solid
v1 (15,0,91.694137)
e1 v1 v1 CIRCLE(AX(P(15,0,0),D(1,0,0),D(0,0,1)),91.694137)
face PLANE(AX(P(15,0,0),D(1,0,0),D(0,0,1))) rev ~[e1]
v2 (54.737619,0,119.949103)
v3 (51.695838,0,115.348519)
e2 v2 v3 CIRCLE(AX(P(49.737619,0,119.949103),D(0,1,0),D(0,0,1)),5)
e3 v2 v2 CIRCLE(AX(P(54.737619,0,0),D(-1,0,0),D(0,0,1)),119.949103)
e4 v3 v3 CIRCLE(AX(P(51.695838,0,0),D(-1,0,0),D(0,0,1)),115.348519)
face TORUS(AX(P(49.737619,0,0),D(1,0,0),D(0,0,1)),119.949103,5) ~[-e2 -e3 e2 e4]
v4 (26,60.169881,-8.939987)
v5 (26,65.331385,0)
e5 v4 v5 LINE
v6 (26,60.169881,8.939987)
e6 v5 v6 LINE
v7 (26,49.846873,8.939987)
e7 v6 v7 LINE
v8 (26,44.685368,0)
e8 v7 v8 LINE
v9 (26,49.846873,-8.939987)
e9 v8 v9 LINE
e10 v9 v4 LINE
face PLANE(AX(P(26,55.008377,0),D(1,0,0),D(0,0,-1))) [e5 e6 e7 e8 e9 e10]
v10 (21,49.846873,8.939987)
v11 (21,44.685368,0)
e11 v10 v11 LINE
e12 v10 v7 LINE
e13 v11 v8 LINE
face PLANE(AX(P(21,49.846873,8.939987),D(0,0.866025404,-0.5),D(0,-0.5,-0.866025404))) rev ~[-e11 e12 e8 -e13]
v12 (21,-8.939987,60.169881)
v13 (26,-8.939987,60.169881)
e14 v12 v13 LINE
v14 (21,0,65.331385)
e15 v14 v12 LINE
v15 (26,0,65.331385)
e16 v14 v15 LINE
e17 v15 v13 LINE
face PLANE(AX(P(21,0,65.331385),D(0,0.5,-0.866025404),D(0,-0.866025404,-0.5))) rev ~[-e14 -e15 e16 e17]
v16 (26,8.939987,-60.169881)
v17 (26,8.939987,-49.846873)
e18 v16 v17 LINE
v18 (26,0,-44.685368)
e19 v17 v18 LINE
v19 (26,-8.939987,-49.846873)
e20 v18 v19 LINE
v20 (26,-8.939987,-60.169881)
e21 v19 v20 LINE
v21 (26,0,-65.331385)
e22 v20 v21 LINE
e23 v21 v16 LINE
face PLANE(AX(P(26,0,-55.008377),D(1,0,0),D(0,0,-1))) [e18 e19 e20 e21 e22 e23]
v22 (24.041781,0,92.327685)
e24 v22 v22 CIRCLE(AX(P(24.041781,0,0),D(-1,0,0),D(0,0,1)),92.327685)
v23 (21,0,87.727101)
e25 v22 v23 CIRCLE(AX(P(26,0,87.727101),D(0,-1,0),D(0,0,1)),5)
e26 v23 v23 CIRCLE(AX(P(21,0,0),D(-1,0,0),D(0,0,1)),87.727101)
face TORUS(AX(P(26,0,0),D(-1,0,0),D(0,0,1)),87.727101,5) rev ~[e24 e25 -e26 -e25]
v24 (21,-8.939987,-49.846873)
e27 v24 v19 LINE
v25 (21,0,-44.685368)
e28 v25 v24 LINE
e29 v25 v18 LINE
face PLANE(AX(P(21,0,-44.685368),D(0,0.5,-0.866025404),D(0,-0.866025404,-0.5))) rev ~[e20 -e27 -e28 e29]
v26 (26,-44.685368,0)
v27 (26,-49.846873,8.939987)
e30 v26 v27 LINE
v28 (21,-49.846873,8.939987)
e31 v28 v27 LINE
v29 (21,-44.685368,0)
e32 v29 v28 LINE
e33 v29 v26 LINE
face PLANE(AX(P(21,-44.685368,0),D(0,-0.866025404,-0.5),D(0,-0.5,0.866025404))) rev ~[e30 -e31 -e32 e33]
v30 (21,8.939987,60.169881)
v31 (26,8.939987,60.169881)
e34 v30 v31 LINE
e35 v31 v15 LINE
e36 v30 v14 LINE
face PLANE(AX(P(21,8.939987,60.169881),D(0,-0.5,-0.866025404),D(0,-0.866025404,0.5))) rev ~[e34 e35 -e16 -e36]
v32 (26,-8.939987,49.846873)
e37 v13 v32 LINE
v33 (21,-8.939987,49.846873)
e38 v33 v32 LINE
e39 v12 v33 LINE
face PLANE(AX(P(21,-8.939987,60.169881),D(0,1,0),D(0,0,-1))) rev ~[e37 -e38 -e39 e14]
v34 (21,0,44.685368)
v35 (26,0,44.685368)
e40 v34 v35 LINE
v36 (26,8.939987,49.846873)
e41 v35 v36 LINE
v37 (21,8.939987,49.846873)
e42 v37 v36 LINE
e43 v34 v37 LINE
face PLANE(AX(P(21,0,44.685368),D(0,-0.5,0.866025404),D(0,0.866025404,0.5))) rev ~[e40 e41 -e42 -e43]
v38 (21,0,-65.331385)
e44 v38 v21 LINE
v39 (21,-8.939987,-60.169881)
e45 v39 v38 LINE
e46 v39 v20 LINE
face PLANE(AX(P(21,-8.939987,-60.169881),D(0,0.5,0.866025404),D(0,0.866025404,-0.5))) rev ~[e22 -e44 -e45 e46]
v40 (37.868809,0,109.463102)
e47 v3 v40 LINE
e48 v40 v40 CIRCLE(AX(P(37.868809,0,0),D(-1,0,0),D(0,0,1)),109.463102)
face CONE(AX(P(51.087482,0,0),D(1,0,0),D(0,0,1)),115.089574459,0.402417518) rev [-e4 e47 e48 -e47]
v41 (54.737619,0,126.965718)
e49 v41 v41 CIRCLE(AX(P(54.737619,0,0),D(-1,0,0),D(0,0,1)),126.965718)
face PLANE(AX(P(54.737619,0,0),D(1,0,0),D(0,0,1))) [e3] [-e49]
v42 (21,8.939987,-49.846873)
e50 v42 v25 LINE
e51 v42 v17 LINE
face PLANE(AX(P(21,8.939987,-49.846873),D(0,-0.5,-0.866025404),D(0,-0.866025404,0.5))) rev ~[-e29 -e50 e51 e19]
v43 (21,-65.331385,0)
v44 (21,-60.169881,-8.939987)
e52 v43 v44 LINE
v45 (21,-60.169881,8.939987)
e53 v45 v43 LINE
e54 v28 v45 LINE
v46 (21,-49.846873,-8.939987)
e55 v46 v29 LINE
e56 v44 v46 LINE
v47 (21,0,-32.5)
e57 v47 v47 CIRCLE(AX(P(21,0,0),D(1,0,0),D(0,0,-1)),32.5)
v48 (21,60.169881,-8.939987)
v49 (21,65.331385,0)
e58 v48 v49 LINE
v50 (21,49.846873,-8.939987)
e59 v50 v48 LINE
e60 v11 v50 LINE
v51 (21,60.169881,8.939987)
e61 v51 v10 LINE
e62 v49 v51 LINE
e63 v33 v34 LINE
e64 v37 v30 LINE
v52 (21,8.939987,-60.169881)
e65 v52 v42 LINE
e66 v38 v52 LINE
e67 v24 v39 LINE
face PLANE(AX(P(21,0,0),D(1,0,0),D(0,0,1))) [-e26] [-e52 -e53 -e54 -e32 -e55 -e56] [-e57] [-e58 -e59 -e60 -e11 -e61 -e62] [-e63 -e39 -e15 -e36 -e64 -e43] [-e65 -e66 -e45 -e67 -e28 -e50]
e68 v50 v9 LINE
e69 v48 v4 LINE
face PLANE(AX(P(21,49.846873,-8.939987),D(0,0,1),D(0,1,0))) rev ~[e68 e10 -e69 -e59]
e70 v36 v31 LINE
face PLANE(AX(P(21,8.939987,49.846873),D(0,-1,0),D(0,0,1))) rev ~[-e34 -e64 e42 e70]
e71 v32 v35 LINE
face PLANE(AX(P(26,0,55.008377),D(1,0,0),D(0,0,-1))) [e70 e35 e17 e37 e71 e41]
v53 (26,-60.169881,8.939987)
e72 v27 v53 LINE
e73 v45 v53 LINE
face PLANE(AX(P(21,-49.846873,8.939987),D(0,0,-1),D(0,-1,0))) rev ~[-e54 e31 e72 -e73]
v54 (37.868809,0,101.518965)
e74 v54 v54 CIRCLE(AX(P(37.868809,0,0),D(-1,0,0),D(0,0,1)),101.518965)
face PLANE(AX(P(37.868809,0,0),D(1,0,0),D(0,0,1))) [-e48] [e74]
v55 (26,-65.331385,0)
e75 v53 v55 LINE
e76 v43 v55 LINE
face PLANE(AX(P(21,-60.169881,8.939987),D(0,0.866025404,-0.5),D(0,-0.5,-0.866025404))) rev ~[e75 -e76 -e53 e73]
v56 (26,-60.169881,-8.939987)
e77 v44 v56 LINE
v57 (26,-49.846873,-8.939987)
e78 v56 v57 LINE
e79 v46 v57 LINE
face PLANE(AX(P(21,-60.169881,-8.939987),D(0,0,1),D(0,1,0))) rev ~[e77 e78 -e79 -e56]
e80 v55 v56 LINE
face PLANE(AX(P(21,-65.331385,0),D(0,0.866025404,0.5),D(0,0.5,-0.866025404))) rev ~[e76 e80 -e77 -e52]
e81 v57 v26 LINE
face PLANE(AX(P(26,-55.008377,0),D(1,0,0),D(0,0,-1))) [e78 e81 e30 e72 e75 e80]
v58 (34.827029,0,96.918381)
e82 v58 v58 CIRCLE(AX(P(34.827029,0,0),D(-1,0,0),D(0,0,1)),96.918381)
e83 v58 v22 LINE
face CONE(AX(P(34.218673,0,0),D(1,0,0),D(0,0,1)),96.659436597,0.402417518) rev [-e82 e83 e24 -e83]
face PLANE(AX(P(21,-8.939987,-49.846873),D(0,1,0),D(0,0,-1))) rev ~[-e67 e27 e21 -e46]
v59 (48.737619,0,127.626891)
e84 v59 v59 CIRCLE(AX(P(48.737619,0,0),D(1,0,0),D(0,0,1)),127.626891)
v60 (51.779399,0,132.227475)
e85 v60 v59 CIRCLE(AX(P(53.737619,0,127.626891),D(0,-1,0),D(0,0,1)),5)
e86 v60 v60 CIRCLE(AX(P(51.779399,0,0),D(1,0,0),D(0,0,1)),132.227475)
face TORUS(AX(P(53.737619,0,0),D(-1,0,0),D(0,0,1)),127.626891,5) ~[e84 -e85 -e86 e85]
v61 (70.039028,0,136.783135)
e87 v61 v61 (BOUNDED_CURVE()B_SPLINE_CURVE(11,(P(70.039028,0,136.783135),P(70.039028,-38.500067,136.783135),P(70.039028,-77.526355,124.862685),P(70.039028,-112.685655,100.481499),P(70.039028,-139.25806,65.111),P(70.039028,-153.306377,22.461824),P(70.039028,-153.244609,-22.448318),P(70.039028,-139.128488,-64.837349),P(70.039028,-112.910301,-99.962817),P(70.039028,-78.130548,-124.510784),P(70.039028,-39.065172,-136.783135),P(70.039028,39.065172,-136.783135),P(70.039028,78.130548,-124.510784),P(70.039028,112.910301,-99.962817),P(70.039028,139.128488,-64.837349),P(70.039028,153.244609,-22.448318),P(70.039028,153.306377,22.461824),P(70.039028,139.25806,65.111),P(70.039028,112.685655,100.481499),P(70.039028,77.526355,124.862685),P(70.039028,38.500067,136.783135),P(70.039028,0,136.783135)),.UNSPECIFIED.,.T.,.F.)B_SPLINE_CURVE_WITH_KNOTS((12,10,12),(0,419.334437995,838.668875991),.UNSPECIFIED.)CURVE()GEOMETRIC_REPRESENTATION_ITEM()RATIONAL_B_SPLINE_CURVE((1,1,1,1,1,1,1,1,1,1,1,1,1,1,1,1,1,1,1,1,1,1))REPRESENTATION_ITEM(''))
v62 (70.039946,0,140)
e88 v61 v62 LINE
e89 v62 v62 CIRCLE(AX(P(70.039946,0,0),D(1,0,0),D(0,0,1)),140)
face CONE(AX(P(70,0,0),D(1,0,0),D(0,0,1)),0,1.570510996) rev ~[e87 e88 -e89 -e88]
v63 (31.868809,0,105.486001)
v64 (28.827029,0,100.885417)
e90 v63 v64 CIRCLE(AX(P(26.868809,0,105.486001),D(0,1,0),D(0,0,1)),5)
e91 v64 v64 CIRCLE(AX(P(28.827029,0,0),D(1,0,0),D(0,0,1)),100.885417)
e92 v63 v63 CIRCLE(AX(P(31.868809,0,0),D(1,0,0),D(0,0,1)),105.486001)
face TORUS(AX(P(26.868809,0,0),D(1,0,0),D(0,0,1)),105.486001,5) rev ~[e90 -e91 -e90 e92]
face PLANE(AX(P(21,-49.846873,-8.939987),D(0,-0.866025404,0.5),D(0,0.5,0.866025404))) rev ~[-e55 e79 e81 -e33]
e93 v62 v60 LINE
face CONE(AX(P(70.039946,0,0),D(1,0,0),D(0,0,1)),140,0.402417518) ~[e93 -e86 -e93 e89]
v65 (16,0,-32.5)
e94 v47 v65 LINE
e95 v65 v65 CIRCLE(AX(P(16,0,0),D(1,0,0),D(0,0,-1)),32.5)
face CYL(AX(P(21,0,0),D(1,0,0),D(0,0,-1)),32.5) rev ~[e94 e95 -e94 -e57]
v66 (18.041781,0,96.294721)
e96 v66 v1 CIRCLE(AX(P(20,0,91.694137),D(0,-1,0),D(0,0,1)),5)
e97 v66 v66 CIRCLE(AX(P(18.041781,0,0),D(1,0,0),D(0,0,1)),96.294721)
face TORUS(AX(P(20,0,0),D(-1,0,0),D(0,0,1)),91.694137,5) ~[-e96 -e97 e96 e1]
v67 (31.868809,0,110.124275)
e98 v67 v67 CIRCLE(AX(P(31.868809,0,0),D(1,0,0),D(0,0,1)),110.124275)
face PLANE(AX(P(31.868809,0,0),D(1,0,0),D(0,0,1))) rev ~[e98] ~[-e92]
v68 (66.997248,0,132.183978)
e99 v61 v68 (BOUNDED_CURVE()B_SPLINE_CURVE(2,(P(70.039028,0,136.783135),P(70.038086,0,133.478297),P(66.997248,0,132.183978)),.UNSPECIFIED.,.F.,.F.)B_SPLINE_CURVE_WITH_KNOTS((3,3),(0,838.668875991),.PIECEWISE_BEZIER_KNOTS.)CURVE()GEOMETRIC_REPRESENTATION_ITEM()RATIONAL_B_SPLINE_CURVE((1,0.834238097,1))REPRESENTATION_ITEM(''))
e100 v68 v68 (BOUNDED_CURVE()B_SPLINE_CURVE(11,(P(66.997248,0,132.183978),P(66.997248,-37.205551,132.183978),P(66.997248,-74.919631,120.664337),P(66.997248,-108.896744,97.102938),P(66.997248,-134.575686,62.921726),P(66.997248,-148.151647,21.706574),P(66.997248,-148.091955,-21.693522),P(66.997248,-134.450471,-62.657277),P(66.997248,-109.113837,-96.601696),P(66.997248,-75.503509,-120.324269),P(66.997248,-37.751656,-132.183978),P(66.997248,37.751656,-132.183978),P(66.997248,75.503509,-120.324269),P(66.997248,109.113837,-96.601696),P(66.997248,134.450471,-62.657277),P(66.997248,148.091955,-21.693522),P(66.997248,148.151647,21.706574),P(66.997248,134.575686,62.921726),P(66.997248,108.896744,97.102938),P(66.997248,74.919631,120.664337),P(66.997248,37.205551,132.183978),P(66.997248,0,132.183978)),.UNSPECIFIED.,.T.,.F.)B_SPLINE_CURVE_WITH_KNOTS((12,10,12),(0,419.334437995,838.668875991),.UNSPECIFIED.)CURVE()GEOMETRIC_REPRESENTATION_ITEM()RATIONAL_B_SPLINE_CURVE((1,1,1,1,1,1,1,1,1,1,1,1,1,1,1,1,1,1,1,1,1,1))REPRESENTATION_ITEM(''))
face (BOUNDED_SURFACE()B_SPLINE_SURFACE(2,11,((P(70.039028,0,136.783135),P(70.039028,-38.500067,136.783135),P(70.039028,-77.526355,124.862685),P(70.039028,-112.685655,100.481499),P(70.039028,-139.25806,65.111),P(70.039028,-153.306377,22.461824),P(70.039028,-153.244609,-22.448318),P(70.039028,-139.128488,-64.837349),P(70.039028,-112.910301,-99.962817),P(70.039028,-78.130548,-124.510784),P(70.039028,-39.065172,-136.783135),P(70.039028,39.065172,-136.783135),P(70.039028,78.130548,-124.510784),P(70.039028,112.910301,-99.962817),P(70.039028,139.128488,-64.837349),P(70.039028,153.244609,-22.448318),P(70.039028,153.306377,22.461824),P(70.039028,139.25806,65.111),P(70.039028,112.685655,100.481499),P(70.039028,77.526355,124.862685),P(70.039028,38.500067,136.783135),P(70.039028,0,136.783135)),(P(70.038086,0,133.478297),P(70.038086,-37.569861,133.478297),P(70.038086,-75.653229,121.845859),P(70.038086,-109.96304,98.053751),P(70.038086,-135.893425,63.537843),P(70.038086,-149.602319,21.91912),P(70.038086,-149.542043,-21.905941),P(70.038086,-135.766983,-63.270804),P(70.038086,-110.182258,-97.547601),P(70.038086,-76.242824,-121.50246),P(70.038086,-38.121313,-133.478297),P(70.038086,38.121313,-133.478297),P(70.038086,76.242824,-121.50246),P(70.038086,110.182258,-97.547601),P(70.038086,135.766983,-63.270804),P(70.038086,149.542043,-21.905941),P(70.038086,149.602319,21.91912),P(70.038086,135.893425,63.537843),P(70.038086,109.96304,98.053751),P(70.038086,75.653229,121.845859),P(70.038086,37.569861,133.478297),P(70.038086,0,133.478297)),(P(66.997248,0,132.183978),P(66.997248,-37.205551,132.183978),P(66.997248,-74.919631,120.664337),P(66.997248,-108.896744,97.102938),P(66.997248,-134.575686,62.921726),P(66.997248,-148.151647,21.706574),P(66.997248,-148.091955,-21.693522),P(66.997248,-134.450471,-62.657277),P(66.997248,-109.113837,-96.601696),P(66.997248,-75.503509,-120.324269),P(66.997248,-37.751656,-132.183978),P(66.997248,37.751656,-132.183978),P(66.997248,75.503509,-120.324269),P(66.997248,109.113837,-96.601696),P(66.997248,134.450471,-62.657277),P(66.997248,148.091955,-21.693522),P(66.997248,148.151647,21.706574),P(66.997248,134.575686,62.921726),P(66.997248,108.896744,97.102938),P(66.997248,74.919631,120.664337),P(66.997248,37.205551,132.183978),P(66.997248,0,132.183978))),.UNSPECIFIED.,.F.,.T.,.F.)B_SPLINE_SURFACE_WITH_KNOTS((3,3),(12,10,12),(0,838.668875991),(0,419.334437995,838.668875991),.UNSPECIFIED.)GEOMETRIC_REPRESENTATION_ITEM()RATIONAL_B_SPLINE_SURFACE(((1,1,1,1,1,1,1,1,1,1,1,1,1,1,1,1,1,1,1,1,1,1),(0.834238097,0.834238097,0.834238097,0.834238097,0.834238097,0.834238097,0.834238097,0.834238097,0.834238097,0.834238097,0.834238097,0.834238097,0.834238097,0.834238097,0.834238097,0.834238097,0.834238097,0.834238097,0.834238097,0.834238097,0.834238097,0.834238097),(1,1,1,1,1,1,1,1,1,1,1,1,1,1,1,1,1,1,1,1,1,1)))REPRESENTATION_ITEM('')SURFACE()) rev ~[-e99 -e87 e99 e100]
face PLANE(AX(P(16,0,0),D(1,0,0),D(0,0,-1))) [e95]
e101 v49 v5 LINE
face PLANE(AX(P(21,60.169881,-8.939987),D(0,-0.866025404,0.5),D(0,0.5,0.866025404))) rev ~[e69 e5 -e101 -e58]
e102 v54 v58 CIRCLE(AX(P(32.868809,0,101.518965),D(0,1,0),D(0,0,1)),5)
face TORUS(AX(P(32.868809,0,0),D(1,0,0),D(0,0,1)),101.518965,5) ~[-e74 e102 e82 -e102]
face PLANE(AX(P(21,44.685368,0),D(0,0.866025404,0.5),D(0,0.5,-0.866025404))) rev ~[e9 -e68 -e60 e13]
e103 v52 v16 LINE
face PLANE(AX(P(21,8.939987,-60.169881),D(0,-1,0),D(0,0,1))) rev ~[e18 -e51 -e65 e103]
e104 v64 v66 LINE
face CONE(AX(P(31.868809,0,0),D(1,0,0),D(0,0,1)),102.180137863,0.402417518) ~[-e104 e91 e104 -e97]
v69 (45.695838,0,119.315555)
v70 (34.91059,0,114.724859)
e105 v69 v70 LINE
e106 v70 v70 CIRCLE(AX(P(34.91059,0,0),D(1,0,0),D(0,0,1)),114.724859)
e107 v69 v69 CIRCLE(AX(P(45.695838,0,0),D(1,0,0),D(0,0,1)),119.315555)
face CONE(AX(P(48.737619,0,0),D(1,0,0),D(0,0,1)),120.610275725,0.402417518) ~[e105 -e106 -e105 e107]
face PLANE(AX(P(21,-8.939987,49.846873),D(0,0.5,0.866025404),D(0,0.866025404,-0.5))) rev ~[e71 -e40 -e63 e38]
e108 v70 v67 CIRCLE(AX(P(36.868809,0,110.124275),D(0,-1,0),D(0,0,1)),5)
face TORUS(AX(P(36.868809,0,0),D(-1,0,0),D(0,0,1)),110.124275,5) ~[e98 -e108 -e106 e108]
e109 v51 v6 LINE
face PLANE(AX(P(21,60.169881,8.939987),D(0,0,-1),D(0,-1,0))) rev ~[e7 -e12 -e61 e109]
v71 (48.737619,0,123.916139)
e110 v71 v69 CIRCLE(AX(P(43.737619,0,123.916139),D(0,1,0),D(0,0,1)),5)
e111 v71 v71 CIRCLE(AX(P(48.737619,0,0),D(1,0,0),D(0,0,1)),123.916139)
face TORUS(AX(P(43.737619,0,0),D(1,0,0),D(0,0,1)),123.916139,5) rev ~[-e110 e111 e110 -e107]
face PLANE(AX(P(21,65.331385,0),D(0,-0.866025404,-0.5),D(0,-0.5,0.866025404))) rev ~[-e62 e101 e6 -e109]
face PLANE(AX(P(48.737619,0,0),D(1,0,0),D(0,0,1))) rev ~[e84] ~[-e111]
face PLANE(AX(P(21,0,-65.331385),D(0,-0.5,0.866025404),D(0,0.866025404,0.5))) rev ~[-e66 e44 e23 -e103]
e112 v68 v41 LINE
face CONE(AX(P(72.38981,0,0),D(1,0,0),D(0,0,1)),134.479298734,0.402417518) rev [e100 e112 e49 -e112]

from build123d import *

# Parameters (mm, degrees)
VACIADO1_T              = -6
REDONDEO1_R             = 5
REDONDEO3_R             = 5
CROQUIS2_R              = 32.5
CORTAR_EXTRUIR1_DEPTH   = 5
SALIENTE_EXTRUIR1_DEPTH = 5


with BuildPart() as part:
    # Croquis1 → Revolución1 (revolve)
    with BuildSketch(Plane(origin=(0, 0, 0), x_dir=(1, 0, 0), z_dir=(0, 1, 0))):
        Polygon((48.737618848, 120.610275725), (31.868809424, 113.430137863), (31.868809424, 102.180137863), (15, 95), (15, 0), (70, 0), (70.03994637, 140), (48.737618848, 130.932753785), align=None)
    revolve(axis=Axis((-209.218950064, 0, 0), (1, 0, 0)))

    # Vaciado1
    vaciado1_openings = [part.faces().sort_by_distance(p)[0] for p in [
        (70.03994637, 0, 140),
    ]]
    offset(amount=VACIADO1_T, openings=vaciado1_openings, kind=Kind.INTERSECTION)

    # Redondeo1
    redondeo1_edges = [part.edges().sort_by_distance(p)[0] for p in [
        (37.868809424, 0, 98.213101948),
        (54.737618848, 0, 116.64323981),
        (70.038085524, 0, 133.478297231),
        (21, 0, 91.032964085),
    ]]
    fillet(redondeo1_edges, radius=REDONDEO1_R)

    # Redondeo3
    redondeo3_edges = [part.edges().sort_by_distance(p)[0] for p in [
        (15, 0, 95),
        (31.868809424, 0, 102.180137863),
        (31.868809424, 0, 113.430137863),
        (48.737618848, 0, 120.610275725),
        (48.737618848, 0, 130.932753785),
    ]]
    fillet(redondeo3_edges, radius=REDONDEO3_R)

    # Croquis2 → Cortar-Extruir1 (cut)
    with BuildSketch(Plane(origin=(21, 0, 0), x_dir=(0, 0, -1), z_dir=(1, 0, 0))):
        Circle(CROQUIS2_R)
    extrude(amount=-CORTAR_EXTRUIR1_DEPTH, mode=Mode.SUBTRACT)

    # Croquis2<3> → Saliente-Extruir1 (add)
    with BuildSketch(Plane(origin=(21, 0, 0), x_dir=(0, 0, -1), z_dir=(1, 0, 0))):
        Polygon((-8.93998744, -49.846872611), (-8.93998744, -60.169880921), (0, -65.331385076), (8.93998744, -60.169880921), (8.93998744, -49.846872611), (0, -44.685368456), align=None)
        Polygon((49.846872611, -8.93998744), (60.169880921, -8.93998744), (65.331385076, 0), (60.169880921, 8.93998744), (49.846872611, 8.93998744), (44.685368456, 0), align=None)
        Polygon((-49.846872611, 8.93998744), (-60.169880921, 8.93998744), (-65.331385076, 0), (-60.169880921, -8.93998744), (-49.846872611, -8.93998744), (-44.685368456, 0), align=None)
        Polygon((8.93998744, 49.846872611), (8.93998744, 60.169880921), (0, 65.331385076), (-8.93998744, 60.169880921), (-8.93998744, 49.846872611), (0, 44.685368456), align=None)
    extrude(amount=SALIENTE_EXTRUIR1_DEPTH)


solid = part.part
